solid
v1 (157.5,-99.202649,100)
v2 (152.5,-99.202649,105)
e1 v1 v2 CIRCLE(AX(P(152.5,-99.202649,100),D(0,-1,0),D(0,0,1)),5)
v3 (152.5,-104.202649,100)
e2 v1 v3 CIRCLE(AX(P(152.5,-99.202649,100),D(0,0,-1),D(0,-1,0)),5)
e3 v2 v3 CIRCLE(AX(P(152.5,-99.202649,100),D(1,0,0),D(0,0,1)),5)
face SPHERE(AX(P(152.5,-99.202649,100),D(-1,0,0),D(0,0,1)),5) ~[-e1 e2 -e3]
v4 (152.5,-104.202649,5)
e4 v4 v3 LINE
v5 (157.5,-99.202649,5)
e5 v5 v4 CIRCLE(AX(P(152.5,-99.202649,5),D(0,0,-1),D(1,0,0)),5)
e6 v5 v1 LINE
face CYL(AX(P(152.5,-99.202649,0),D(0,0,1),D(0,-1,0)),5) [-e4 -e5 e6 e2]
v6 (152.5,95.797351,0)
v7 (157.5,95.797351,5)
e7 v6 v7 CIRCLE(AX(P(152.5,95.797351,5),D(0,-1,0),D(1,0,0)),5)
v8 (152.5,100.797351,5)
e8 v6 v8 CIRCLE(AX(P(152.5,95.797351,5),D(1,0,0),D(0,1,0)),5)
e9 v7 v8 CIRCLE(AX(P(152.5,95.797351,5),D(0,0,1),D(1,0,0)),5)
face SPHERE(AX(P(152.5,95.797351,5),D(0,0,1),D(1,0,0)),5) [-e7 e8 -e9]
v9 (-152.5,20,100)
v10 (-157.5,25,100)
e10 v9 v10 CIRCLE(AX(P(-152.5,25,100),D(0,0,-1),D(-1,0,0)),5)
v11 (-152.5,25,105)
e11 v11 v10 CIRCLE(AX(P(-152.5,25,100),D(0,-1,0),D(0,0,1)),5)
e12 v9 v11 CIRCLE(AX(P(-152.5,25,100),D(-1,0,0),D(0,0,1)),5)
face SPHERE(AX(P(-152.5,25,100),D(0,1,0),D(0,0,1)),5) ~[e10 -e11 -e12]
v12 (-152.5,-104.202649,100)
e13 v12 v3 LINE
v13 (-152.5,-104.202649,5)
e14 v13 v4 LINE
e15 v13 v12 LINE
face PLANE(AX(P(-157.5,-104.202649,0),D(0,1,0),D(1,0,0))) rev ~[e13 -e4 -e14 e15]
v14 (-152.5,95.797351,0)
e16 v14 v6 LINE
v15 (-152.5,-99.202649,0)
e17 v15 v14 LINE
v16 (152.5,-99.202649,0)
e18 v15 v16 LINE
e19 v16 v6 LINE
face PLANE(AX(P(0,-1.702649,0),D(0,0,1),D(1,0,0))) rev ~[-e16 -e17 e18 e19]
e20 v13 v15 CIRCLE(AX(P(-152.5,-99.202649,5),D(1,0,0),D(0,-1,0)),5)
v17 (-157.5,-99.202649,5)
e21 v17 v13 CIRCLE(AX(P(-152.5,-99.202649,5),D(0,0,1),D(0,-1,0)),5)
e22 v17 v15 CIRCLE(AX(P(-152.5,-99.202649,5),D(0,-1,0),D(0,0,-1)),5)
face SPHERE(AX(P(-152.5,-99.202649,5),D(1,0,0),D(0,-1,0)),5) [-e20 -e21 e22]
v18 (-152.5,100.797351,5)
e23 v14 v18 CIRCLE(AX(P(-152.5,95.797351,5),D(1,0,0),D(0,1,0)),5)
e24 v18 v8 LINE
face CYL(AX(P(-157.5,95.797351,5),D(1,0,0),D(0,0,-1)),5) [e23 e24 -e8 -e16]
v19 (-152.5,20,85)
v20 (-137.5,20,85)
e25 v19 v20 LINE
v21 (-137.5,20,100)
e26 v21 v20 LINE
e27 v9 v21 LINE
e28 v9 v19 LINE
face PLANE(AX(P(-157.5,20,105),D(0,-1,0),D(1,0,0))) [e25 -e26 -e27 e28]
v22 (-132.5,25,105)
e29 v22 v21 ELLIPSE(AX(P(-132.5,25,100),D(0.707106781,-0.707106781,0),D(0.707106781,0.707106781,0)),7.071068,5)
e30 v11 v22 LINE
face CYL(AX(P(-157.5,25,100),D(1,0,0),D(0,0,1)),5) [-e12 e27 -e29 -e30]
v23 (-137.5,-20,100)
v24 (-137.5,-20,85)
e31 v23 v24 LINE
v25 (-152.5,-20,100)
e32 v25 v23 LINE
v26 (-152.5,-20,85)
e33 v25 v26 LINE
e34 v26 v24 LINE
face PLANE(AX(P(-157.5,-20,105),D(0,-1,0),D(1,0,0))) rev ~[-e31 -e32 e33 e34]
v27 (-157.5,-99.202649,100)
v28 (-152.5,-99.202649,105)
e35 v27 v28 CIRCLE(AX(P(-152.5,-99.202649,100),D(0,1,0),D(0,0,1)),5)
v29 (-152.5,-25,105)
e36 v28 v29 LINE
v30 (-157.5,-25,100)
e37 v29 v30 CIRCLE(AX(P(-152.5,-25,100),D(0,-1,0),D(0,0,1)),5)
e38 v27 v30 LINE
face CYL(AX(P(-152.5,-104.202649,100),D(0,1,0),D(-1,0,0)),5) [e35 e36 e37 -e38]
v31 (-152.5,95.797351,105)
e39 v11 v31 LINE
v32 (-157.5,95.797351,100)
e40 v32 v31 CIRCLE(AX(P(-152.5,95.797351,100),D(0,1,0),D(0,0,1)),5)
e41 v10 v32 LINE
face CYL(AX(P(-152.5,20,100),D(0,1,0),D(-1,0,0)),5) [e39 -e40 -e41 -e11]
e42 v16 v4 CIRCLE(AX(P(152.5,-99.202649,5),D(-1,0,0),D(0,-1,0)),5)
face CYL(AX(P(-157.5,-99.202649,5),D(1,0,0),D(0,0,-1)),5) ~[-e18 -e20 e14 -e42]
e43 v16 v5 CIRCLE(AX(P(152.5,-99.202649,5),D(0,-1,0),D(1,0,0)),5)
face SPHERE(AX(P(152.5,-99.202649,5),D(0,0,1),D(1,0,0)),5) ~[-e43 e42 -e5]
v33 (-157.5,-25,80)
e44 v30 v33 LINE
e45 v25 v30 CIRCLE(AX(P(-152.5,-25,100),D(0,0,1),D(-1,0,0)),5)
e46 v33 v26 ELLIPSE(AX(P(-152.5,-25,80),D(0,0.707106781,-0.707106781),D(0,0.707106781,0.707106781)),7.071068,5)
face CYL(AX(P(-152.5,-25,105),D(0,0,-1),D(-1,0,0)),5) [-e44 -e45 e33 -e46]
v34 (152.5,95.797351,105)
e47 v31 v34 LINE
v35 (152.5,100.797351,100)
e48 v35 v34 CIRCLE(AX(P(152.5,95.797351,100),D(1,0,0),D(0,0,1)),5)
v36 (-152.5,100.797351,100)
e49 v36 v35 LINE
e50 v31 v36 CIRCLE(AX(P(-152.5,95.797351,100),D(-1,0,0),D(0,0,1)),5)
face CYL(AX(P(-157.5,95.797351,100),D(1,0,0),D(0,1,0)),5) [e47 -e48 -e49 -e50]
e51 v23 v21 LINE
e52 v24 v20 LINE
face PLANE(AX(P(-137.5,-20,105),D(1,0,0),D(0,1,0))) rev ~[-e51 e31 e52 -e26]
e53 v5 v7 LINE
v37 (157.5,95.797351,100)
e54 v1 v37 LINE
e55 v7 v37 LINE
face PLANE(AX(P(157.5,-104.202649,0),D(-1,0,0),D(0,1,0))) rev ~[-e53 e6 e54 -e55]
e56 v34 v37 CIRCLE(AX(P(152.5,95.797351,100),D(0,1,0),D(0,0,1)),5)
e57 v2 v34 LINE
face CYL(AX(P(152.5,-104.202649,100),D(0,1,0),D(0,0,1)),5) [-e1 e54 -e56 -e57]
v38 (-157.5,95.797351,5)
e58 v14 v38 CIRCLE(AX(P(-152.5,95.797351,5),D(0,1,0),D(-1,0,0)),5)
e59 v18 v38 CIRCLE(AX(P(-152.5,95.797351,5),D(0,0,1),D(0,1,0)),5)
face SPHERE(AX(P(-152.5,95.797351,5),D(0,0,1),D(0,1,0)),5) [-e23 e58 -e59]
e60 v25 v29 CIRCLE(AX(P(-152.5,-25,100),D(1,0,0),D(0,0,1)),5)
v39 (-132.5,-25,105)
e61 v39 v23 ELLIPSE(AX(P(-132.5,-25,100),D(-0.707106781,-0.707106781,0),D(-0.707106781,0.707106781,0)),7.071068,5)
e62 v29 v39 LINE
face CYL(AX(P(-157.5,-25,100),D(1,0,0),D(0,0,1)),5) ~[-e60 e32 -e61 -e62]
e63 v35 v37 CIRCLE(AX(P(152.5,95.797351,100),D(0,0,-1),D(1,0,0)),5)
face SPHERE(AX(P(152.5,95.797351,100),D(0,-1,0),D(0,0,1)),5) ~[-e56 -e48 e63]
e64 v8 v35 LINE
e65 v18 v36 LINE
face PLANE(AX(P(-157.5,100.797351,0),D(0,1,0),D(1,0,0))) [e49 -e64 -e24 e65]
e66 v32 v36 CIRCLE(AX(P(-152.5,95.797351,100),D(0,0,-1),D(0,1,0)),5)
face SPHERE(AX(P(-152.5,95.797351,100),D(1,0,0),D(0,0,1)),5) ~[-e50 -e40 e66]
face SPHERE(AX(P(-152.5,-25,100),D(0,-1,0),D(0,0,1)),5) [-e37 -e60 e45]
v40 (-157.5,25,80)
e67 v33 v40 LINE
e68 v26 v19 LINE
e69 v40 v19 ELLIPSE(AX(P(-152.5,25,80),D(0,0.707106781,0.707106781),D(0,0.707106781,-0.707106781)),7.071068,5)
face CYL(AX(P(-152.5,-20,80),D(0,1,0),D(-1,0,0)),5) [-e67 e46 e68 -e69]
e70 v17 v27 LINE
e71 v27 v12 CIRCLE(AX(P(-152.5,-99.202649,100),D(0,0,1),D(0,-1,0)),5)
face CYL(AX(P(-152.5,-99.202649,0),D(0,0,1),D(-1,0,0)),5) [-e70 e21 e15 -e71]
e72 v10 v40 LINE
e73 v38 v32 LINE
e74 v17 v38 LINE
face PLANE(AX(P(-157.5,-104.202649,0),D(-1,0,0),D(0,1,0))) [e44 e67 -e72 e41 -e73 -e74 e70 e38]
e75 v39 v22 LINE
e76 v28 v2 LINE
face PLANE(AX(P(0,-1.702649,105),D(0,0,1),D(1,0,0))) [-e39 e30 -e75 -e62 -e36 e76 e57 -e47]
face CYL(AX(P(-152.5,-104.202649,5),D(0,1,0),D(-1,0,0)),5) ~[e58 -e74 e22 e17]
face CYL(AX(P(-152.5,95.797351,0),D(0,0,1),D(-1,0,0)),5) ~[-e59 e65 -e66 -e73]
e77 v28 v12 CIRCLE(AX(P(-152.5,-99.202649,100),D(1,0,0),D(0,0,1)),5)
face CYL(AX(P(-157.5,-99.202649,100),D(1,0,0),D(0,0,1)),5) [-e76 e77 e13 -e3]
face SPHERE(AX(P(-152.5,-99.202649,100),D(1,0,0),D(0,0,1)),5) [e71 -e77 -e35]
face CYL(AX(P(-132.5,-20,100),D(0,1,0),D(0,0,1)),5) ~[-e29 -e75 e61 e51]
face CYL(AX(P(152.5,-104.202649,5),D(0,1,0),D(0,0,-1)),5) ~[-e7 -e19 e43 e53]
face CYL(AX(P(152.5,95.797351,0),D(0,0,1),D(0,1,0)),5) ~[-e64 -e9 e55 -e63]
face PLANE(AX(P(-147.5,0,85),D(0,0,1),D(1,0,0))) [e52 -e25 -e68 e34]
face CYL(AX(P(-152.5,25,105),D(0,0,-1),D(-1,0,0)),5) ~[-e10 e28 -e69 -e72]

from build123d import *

# Parameters (mm, degrees)
F0_W     = 315
F0_H     = 205
F1_DEPTH = 105
F2_W     = 20
F2_H     = 40
F3_DEPTH = 20
F4_R     = 5


with BuildPart() as f1:
    # F0 (on Top) → F1 (new body)
    with BuildSketch(Plane.XY):
        with Locations((0, -1.702649286)):
            Rectangle(F0_W, F0_H)
    extrude(amount=F1_DEPTH)

    # F2 (on face) → F3 (cut)
    with BuildSketch(Plane.XY.offset(105)):
        with Locations((-147.5, 0)):
            Rectangle(F2_W, F2_H)
    extrude(amount=-F3_DEPTH, mode=Mode.SUBTRACT)

    # F4
    f4_edges = [f1.edges().sort_by_distance(p)[0] for p in [
        (0, -104.202649, 105),
        (157.5, -1.702649, 105),
        (0, 100.797351, 105),
        (-157.5, 60.398675, 105),
        (-157.5, -62.101325, 105),
        (-137.5, 0, 105),
        (-147.5, -20, 105),
        (-147.5, 20, 105),
        (157.5, -104.202649, 52.5),
        (157.5, 100.797351, 52.5),
        (157.5, -1.702649, 0),
        (0, -104.202649, 0),
        (-157.5, -104.202649, 52.5),
        (-157.5, 100.797351, 52.5),
        (0, 100.797351, 0),
        (-157.5, -1.702649, 0),
        (-157.5, 0, 85),
        (-157.5, 20, 95),
        (-157.5, -20, 95),
    ]]
    fillet(f4_edges, radius=F4_R)


solid = f1.part
